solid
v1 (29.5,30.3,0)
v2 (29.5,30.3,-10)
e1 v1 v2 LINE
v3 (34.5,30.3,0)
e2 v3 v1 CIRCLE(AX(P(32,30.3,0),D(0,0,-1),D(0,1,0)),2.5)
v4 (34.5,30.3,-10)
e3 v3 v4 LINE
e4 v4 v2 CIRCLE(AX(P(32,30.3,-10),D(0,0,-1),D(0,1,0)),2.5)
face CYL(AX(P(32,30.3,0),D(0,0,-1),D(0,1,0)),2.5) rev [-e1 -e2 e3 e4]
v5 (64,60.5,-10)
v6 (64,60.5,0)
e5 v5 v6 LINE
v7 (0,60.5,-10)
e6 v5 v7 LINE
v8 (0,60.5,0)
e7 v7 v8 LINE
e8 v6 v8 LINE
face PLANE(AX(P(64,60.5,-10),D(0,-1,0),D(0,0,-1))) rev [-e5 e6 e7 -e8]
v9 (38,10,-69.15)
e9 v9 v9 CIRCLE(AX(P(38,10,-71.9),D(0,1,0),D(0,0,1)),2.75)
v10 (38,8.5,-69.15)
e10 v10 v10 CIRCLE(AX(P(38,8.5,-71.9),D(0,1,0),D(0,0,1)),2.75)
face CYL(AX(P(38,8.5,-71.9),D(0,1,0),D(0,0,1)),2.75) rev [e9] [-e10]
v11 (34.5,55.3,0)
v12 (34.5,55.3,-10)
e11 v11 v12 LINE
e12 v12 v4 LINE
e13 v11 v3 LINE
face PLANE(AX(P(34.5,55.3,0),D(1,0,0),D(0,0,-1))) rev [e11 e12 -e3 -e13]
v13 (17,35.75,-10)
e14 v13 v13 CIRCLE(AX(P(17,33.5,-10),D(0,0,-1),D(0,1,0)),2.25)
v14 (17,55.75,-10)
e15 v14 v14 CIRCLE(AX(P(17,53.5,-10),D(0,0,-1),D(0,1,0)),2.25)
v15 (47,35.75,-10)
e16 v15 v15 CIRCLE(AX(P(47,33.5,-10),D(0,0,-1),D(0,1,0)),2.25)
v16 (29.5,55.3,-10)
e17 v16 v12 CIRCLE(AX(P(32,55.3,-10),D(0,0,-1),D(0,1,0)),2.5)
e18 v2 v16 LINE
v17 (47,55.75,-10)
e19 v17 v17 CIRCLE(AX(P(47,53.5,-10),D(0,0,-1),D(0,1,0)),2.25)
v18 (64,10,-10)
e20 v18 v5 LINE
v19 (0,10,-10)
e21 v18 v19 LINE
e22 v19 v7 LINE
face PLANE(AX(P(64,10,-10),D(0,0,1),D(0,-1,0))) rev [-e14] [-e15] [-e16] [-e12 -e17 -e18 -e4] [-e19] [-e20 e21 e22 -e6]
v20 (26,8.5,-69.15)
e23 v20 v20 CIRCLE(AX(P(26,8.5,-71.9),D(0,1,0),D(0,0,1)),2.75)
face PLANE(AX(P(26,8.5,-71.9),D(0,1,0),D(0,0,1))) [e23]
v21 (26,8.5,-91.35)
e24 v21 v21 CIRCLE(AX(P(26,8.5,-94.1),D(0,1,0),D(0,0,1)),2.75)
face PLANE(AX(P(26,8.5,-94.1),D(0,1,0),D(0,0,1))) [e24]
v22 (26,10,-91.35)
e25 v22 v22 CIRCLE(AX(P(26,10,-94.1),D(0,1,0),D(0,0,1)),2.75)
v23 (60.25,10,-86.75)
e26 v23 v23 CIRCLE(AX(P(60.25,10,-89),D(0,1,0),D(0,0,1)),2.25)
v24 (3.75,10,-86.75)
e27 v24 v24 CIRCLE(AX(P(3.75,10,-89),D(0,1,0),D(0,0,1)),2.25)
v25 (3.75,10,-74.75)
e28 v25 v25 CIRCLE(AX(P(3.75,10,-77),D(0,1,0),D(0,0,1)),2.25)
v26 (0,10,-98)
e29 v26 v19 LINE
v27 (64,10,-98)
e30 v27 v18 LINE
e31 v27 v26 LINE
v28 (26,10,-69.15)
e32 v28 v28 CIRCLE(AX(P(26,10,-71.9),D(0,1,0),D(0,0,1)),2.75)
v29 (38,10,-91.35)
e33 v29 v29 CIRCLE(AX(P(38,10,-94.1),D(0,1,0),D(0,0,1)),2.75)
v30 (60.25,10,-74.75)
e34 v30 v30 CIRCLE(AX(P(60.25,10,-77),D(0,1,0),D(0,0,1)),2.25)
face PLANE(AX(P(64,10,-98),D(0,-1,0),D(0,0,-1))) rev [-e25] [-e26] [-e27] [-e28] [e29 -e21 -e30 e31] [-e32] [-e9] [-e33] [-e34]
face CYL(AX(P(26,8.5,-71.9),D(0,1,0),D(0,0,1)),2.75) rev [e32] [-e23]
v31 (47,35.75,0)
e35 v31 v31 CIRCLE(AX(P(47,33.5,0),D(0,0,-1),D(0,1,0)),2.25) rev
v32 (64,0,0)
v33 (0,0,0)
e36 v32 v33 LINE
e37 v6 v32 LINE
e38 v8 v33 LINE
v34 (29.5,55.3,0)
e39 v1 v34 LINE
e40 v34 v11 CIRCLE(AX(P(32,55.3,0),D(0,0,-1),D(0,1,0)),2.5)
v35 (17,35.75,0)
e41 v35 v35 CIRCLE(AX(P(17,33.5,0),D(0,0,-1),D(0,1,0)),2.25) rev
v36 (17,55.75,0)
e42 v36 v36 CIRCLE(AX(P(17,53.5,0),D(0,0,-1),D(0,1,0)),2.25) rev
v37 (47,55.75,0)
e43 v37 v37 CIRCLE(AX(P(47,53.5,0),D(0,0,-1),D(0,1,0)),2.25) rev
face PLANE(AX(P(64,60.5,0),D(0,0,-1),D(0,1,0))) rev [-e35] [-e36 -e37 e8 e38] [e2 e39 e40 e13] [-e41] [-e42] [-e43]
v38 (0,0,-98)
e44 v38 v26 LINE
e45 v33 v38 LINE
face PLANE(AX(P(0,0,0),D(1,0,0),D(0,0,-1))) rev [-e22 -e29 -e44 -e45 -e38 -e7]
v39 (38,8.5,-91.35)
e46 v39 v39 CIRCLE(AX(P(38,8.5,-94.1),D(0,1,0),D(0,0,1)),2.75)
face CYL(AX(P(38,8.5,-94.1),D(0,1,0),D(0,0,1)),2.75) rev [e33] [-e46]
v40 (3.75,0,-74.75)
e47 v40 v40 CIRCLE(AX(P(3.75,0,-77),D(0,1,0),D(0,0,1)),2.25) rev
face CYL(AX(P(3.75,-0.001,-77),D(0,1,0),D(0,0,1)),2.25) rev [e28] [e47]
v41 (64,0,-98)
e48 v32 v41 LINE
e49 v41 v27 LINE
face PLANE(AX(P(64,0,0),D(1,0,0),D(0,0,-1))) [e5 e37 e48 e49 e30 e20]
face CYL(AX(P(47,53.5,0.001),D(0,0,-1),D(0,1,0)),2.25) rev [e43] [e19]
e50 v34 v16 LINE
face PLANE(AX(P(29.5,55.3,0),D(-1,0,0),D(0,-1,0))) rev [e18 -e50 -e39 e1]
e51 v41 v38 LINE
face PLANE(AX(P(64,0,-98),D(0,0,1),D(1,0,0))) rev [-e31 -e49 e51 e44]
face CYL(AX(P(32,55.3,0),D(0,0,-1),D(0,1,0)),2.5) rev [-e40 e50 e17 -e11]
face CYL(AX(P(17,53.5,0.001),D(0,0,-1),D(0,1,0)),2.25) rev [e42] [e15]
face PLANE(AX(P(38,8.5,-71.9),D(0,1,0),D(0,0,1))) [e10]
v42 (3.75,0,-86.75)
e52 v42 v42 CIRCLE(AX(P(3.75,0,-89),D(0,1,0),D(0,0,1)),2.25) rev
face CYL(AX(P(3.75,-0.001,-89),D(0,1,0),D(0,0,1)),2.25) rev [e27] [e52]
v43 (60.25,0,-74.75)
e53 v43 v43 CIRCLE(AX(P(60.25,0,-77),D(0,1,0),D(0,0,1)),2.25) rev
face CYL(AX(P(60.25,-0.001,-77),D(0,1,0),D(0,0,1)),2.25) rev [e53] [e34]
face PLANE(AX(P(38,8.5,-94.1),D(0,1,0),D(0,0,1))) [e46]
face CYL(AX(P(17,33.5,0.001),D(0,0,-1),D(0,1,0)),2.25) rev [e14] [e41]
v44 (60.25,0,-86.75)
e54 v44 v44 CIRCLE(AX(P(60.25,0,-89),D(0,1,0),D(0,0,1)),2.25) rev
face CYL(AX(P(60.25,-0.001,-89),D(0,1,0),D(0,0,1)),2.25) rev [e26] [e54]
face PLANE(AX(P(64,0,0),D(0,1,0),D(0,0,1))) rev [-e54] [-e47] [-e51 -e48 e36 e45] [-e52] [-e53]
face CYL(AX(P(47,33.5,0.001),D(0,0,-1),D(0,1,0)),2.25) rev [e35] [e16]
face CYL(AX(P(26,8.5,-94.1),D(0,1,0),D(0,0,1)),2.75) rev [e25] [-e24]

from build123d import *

# Parameters (mm, degrees)
BOSS_EXTRUDE1_DEPTH  = 64
SKETCH3_R            = 2.25
CUT_EXTRUDE1_DEPTH   = 10
LPATTERN1_COUNT      = 2
LPATTERN1_PITCH      = 30
LPATTERN1_COUNT_DIR2 = 2
LPATTERN1_PITCH_DIR2 = 20
SKETCH4_R            = 2.25
CUT_EXTRUDE2_DEPTH   = 10
LPATTERN2_COUNT      = 2
LPATTERN2_PITCH      = 12
LPATTERN2_COUNT_DIR2 = 2
LPATTERN2_PITCH_DIR2 = 56.5
CUT_EXTRUDE3_DEPTH   = 10
SKETCH6_R            = 2.75
CUT_EXTRUDE4_DEPTH   = 1.5
LPATTERN3_COUNT      = 2
LPATTERN3_PITCH      = 12
LPATTERN3_COUNT_DIR2 = 2
LPATTERN3_PITCH_DIR2 = 22.2


with BuildPart() as part:
    # Sketch1 → Boss-Extrude1 (new body)
    with BuildSketch(Plane(origin=(0, 0, 0), x_dir=(0, 0, -1), z_dir=(1, 0, 0))):
        Polygon((0, 60.5), (0, 0), (98, 0), (98, 10), (10, 10), (10, 60.5), align=None)
    extrude(amount=BOSS_EXTRUDE1_DEPTH)

    # Sketch3 → Cut-Extrude1 (cut)
    with BuildSketch(Plane(origin=(0, 0, -10), x_dir=(-1, 0, 0), z_dir=(0, 0, -1))):
        with Locations(Location((-47, 53.5, 0), (0, 0, 90))):  # turned: the seam where the file's is
            Circle(SKETCH3_R)
    cut_extrude1 = extrude(amount=-CUT_EXTRUDE1_DEPTH, mode=Mode.SUBTRACT)

    # LPattern1: Cut-Extrude1 2 × 2
    with Locations(*[(-i * LPATTERN1_PITCH, -j * LPATTERN1_PITCH_DIR2, 0) for i in range(LPATTERN1_COUNT) for j in range(LPATTERN1_COUNT_DIR2) if (i, j) != (0, 0)]):
        add(cut_extrude1, mode=Mode.SUBTRACT)

    # Sketch4 → Cut-Extrude2 (cut)
    with BuildSketch(Plane(origin=(0, 10, 0), x_dir=(1, 0, 0), z_dir=(0, 1, 0))):
        with Locations(Location((60.25, 89, 0), (0, 0, 270))):  # turned: the seam where the file's is
            Circle(SKETCH4_R)
    cut_extrude2 = extrude(amount=-CUT_EXTRUDE2_DEPTH, mode=Mode.SUBTRACT)

    # LPattern2: Cut-Extrude2 2 × 2
    with Locations(*[(-j * LPATTERN2_PITCH_DIR2, 0, i * LPATTERN2_PITCH) for i in range(LPATTERN2_COUNT) for j in range(LPATTERN2_COUNT_DIR2) if (i, j) != (0, 0)]):
        add(cut_extrude2, mode=Mode.SUBTRACT)

    # Sketch5 → Cut-Extrude3 (cut)
    with BuildSketch(Plane(origin=(0, 0, -10), x_dir=(-1, 0, 0), z_dir=(0, 0, -1))):
        with BuildLine():
            Line((-29.5, 55.3), (-29.5, 30.3))
            ThreePointArc((-29.5, 30.3), (-32, 27.8), (-34.5, 30.3))
            Line((-34.5, 30.3), (-34.5, 55.3))
            ThreePointArc((-34.5, 55.3), (-32, 57.8), (-29.5, 55.3))
        make_face()
    extrude(amount=-CUT_EXTRUDE3_DEPTH, mode=Mode.SUBTRACT)

    # Sketch6 → Cut-Extrude4 (cut)
    with BuildSketch(Plane(origin=(0, 10, 0), x_dir=(1, 0, 0), z_dir=(0, 1, 0))):
        with Locations(Location((38, 94.1, 0), (0, 0, 270))):  # turned: the seam where the file's is
            Circle(SKETCH6_R)
    cut_extrude4 = extrude(amount=-CUT_EXTRUDE4_DEPTH, mode=Mode.SUBTRACT)

    # LPattern3: Cut-Extrude4 2 × 2
    with Locations(*[(-i * LPATTERN3_PITCH, 0, j * LPATTERN3_PITCH_DIR2) for i in range(LPATTERN3_COUNT) for j in range(LPATTERN3_COUNT_DIR2) if (i, j) != (0, 0)]):
        add(cut_extrude4, mode=Mode.SUBTRACT)


solid = part.part
